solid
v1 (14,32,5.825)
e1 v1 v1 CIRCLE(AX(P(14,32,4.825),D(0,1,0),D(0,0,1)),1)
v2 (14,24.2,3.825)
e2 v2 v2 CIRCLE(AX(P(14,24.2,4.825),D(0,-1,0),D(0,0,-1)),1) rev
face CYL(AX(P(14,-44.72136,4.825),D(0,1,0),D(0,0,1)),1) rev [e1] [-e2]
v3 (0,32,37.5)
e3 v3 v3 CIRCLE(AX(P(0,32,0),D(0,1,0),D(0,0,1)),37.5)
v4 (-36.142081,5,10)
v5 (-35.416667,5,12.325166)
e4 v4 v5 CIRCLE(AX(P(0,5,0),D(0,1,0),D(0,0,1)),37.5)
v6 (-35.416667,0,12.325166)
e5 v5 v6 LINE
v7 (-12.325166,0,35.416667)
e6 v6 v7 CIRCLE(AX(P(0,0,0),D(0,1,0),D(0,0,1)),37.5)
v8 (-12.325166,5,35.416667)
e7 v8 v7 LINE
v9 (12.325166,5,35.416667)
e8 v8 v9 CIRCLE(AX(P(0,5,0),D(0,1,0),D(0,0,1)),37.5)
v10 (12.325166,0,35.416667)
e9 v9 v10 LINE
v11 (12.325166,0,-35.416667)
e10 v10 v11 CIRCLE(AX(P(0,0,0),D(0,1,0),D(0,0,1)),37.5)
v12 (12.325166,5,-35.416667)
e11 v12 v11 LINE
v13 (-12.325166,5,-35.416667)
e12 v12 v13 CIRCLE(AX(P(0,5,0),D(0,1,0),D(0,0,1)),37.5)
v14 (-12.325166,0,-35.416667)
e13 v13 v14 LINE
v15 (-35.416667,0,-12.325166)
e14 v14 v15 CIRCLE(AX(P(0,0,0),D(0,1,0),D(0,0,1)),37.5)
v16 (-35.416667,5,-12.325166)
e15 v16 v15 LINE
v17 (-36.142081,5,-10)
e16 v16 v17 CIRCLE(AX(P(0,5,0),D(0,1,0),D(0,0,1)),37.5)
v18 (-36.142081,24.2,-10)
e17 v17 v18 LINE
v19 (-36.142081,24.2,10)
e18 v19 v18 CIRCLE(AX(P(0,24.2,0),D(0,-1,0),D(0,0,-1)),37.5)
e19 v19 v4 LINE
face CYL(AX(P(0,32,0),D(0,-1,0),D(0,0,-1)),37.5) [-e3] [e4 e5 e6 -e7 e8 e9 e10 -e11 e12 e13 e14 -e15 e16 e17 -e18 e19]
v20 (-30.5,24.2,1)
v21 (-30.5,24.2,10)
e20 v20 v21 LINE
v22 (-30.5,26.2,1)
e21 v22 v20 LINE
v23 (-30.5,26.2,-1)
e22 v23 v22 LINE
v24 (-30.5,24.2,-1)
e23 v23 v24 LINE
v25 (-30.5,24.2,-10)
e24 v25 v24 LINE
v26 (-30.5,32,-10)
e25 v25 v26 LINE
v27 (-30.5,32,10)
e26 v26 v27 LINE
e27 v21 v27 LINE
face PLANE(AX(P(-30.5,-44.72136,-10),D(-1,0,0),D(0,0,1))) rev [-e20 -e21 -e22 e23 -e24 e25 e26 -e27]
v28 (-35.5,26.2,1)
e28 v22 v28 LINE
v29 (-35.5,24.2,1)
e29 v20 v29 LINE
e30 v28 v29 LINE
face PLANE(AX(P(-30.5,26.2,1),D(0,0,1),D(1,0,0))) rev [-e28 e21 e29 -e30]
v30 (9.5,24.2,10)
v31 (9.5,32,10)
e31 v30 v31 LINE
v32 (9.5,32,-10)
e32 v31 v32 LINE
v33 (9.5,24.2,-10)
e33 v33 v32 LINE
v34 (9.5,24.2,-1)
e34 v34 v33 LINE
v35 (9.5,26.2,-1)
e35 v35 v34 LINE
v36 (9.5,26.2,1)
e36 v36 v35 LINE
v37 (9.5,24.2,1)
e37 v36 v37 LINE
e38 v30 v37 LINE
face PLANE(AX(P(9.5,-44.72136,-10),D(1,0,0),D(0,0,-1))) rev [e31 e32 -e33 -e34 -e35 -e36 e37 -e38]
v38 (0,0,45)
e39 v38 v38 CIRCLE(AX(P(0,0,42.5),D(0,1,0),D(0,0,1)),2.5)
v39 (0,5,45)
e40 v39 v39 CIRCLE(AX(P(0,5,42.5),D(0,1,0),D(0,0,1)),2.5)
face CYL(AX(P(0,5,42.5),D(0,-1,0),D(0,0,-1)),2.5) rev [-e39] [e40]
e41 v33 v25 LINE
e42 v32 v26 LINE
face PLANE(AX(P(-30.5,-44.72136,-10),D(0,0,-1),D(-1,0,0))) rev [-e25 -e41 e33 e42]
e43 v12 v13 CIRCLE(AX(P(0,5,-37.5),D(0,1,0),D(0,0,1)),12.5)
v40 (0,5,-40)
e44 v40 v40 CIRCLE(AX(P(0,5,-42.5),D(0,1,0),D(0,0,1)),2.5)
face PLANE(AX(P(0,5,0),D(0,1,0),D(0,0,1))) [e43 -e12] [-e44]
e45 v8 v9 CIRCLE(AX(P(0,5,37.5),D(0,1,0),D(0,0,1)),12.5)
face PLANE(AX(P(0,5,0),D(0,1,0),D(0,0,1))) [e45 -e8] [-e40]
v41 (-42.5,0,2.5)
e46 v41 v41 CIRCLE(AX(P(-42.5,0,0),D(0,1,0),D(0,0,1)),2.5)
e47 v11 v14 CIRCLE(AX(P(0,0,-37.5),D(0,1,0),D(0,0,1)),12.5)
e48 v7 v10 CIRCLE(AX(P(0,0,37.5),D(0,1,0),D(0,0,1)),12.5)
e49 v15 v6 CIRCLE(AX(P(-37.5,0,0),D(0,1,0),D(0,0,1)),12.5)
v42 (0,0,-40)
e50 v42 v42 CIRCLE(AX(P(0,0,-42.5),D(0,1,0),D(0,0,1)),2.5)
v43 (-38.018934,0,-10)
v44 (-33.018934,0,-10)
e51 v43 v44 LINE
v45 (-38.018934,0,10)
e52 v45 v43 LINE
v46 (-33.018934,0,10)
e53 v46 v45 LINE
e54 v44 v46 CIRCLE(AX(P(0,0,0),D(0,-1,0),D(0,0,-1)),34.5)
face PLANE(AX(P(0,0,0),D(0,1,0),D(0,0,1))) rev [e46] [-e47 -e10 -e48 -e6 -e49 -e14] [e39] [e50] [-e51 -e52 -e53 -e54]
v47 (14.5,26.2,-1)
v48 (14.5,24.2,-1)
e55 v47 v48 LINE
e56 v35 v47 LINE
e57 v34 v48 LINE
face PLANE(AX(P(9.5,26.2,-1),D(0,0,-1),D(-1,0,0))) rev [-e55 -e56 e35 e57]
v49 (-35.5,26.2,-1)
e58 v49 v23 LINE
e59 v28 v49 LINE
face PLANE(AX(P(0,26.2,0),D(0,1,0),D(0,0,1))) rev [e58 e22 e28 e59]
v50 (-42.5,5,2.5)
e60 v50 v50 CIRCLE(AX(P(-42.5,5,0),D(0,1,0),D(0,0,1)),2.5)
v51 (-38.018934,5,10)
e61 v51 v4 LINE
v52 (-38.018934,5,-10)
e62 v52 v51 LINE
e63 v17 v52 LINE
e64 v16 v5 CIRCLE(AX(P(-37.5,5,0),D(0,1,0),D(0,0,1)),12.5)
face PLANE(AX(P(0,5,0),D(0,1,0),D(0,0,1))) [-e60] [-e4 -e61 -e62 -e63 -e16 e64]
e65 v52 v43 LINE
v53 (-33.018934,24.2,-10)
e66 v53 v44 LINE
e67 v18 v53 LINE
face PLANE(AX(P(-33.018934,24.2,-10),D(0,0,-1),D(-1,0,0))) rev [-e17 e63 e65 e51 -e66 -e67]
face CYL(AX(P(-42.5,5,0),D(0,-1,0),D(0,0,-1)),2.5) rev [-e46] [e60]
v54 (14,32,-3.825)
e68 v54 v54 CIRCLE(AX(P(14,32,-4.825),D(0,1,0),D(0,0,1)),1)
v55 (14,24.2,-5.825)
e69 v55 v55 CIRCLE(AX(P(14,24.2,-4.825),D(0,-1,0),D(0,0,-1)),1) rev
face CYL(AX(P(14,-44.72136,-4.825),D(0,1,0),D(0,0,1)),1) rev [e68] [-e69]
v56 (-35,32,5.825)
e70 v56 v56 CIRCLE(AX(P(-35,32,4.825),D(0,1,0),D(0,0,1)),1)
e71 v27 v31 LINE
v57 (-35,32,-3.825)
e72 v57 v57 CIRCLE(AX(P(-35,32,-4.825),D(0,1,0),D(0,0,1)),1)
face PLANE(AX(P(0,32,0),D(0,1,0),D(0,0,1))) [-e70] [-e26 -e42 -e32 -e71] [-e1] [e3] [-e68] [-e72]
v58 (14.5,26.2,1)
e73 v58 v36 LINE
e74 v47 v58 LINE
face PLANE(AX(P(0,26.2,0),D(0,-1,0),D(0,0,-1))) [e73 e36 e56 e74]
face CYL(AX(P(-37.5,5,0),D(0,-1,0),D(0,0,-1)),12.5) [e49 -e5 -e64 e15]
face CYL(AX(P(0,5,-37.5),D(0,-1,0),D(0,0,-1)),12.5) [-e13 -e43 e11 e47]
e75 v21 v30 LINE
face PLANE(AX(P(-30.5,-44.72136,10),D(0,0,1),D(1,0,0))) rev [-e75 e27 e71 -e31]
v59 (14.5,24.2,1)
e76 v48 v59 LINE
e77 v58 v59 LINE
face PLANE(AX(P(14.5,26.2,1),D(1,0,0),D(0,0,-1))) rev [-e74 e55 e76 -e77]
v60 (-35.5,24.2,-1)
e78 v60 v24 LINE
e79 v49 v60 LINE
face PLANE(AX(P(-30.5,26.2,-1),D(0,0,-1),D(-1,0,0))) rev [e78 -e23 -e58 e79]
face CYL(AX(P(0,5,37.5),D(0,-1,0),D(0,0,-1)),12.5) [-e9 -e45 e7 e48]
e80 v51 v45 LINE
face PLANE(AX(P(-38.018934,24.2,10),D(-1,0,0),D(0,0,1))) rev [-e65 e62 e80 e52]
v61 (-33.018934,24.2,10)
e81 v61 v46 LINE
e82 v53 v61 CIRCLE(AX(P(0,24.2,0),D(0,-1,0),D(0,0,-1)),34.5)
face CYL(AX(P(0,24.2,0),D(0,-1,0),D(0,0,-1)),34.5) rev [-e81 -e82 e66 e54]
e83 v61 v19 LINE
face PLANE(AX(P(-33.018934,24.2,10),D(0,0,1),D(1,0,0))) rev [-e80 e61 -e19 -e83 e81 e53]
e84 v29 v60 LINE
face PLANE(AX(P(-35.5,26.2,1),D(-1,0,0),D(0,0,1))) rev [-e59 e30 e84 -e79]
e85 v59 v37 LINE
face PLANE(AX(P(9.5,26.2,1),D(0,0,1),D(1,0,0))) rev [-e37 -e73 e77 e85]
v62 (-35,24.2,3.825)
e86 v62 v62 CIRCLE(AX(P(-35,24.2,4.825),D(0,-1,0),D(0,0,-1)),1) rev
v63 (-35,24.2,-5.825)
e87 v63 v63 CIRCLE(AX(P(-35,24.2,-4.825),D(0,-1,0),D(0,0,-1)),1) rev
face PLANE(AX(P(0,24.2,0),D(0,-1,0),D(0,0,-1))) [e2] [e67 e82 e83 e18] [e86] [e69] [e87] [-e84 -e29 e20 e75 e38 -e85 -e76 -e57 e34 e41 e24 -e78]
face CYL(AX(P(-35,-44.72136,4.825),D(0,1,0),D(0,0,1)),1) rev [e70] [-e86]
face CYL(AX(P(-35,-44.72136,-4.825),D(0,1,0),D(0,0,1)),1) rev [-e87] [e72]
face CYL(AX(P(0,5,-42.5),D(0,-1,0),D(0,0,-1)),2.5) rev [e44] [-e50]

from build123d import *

# Parameters (mm, degrees)
SKETCH1_R           = 2.5
BOSS_EXTRUDE1_DEPTH = 32
SKETCH1_3_R         = 2.5
BOSS_EXTRUDE2_DEPTH = 5
CUT_EXTRUDE1_START  = -32
SKETCH2_R           = 1
SKETCH2_W           = 40
SKETCH2_H           = 20
SKETCH2_R_2         = 2.5
CUT_EXTRUDE1_DEPTH  = 32
CUT_EXTRUDE2_DEPTH  = 24.2
SKETCH4_W           = 5
SKETCH4_H           = 2
CUT_EXTRUDE3_DEPTH  = 2


with BuildPart() as part:
    # Sketch1 → Boss-Extrude1 (new body)
    with BuildSketch(Plane(origin=(0, 0, 0), x_dir=(1, 0, 0), z_dir=(0, 1, 0))):
        with BuildLine():
            ThreePointArc((-35.416666667, 12.325166215), (-37.5, 0), (-35.416666667, -12.325166215))
            ThreePointArc((-35.416666667, -12.325166215), (-26.516504294, -26.516504294), (-12.325166215, -35.416666667))
            ThreePointArc((-12.325166215, -35.416666667), (0, -37.5), (12.325166215, -35.416666667))
            ThreePointArc((12.325166215, -35.416666667), (26.516504294, -26.516504294), (35.416666667, -12.325166215))
            ThreePointArc((35.416666667, -12.325166215), (36.975498644, -6.25), (37.5, 0))
            ThreePointArc((37.5, 0), (36.975498644, 6.25), (35.416666667, 12.325166215))
            ThreePointArc((35.416666667, 12.325166215), (26.516504294, 26.516504294), (12.325166215, 35.416666667))
            ThreePointArc((12.325166215, 35.416666667), (0, 37.5), (-12.325166215, 35.416666667))
            ThreePointArc((-12.325166215, 35.416666667), (-26.516504294, 26.516504294), (-35.416666667, 12.325166215))
        make_face()
        with Locations(Location((0, 0, 0), (0, 0, 270))):
            Circle(SKETCH1_R, mode=Mode.SUBTRACT)
    extrude(amount=BOSS_EXTRUDE1_DEPTH)

    # Sketch1<3> → Boss-Extrude2 (add)
    # profile 1 of 3: a face of its own
    with BuildSketch(Plane(origin=(0, 0, 0), x_dir=(1, 0, 0), z_dir=(0, 1, 0))):
        with BuildLine():
            ThreePointArc((-35.416666667, 12.325166215), (-50, 0), (-35.416666667, -12.325166215))
            ThreePointArc((-35.416666667, -12.325166215), (-37.5, 0), (-35.416666667, 12.325166215))
        make_face()
        with Locations(Location((-42.5, 0, 0), (0, 0, 270))):
            Circle(SKETCH1_3_R, mode=Mode.SUBTRACT)
    # profile 2 of 3: a face of its own
    with BuildSketch(Plane(origin=(0, 0, 0), x_dir=(1, 0, 0), z_dir=(0, 1, 0))):
        with BuildLine():
            ThreePointArc((12.325166215, -35.416666667), (0, -37.5), (-12.325166215, -35.416666667))
            ThreePointArc((-12.325166215, -35.416666667), (0, -50), (12.325166215, -35.416666667))
        make_face()
        with Locations(Location((0, -42.5, 0), (0, 0, 270))):
            Circle(SKETCH1_3_R, mode=Mode.SUBTRACT)
    # profile 3 of 3: a face of its own
    with BuildSketch(Plane(origin=(0, 0, 0), x_dir=(1, 0, 0), z_dir=(0, 1, 0))):
        with BuildLine():
            ThreePointArc((12.325166215, 35.416666667), (0, 50), (-12.325166215, 35.416666667))
            ThreePointArc((-12.325166215, 35.416666667), (0, 37.5), (12.325166215, 35.416666667))
        make_face()
        with Locations(Location((0, 42.5, 0), (0, 0, 270))):
            Circle(SKETCH1_3_R, mode=Mode.SUBTRACT)
    extrude(amount=BOSS_EXTRUDE2_DEPTH)

    # Sketch2 → Cut-Extrude1 (cut)
    # profile 1 of 5: a face of its own
    with BuildSketch(Plane(origin=(0, 32, 0), x_dir=(1, 0, 0), z_dir=(0, 1, 0)).offset(CUT_EXTRUDE1_START)):
        with Locations(Location((-35, 4.825, 0), (0, 0, 270))):
            Circle(SKETCH2_R)
    # profile 2 of 5: a face of its own
    with BuildSketch(Plane(origin=(0, 32, 0), x_dir=(1, 0, 0), z_dir=(0, 1, 0)).offset(CUT_EXTRUDE1_START)):
        with Locations(Location((-35, -4.825, 0), (0, 0, 270))):
            Circle(SKETCH2_R)
    # profile 3 of 5: a face of its own
    with BuildSketch(Plane(origin=(0, 32, 0), x_dir=(1, 0, 0), z_dir=(0, 1, 0)).offset(CUT_EXTRUDE1_START)):
        with Locations(Location((14, 4.825, 0), (0, 0, 270))):
            Circle(SKETCH2_R)
    # profile 4 of 5: a face of its own
    with BuildSketch(Plane(origin=(0, 32, 0), x_dir=(1, 0, 0), z_dir=(0, 1, 0)).offset(CUT_EXTRUDE1_START)):
        with Locations(Location((14, -4.825, 0), (0, 0, 270))):
            Circle(SKETCH2_R)
    # profile 5 of 5: a face of its own
    with BuildSketch(Plane(origin=(0, 32, 0), x_dir=(1, 0, 0), z_dir=(0, 1, 0)).offset(CUT_EXTRUDE1_START)):
        with Locations((-10.5, 0)):
            Rectangle(SKETCH2_W, SKETCH2_H)
        Circle(SKETCH2_R_2, mode=Mode.SUBTRACT)
    extrude(amount=CUT_EXTRUDE1_DEPTH, mode=Mode.SUBTRACT)

    # Sketch3 → Cut-Extrude2 (cut)
    with BuildSketch(Plane(origin=(0, 0, 0), x_dir=(-1, 0, 0), z_dir=(0, -1, 0))):
        with BuildLine():
            Line((33.018933962, -10), (38.018933962, -10))
            Line((38.018933962, -10), (38.018933962, 10))
            Line((38.018933962, 10), (33.018933962, 10))
            ThreePointArc((33.018933962, 10), (-34.5, 0), (33.018933962, -10))
        make_face()
    extrude(amount=-CUT_EXTRUDE2_DEPTH, mode=Mode.SUBTRACT)

    # Sketch4 → Cut-Extrude3 (cut)
    with BuildSketch(Plane(origin=(0, 24.2, 0), x_dir=(-1, 0, 0), z_dir=(0, -1, 0))):
        with Locations((-12, 0)):
            Rectangle(SKETCH4_W, SKETCH4_H)
        with Locations((33, 0)):
            Rectangle(SKETCH4_W, SKETCH4_H)
    extrude(amount=-CUT_EXTRUDE3_DEPTH, mode=Mode.SUBTRACT)


solid = part.part
